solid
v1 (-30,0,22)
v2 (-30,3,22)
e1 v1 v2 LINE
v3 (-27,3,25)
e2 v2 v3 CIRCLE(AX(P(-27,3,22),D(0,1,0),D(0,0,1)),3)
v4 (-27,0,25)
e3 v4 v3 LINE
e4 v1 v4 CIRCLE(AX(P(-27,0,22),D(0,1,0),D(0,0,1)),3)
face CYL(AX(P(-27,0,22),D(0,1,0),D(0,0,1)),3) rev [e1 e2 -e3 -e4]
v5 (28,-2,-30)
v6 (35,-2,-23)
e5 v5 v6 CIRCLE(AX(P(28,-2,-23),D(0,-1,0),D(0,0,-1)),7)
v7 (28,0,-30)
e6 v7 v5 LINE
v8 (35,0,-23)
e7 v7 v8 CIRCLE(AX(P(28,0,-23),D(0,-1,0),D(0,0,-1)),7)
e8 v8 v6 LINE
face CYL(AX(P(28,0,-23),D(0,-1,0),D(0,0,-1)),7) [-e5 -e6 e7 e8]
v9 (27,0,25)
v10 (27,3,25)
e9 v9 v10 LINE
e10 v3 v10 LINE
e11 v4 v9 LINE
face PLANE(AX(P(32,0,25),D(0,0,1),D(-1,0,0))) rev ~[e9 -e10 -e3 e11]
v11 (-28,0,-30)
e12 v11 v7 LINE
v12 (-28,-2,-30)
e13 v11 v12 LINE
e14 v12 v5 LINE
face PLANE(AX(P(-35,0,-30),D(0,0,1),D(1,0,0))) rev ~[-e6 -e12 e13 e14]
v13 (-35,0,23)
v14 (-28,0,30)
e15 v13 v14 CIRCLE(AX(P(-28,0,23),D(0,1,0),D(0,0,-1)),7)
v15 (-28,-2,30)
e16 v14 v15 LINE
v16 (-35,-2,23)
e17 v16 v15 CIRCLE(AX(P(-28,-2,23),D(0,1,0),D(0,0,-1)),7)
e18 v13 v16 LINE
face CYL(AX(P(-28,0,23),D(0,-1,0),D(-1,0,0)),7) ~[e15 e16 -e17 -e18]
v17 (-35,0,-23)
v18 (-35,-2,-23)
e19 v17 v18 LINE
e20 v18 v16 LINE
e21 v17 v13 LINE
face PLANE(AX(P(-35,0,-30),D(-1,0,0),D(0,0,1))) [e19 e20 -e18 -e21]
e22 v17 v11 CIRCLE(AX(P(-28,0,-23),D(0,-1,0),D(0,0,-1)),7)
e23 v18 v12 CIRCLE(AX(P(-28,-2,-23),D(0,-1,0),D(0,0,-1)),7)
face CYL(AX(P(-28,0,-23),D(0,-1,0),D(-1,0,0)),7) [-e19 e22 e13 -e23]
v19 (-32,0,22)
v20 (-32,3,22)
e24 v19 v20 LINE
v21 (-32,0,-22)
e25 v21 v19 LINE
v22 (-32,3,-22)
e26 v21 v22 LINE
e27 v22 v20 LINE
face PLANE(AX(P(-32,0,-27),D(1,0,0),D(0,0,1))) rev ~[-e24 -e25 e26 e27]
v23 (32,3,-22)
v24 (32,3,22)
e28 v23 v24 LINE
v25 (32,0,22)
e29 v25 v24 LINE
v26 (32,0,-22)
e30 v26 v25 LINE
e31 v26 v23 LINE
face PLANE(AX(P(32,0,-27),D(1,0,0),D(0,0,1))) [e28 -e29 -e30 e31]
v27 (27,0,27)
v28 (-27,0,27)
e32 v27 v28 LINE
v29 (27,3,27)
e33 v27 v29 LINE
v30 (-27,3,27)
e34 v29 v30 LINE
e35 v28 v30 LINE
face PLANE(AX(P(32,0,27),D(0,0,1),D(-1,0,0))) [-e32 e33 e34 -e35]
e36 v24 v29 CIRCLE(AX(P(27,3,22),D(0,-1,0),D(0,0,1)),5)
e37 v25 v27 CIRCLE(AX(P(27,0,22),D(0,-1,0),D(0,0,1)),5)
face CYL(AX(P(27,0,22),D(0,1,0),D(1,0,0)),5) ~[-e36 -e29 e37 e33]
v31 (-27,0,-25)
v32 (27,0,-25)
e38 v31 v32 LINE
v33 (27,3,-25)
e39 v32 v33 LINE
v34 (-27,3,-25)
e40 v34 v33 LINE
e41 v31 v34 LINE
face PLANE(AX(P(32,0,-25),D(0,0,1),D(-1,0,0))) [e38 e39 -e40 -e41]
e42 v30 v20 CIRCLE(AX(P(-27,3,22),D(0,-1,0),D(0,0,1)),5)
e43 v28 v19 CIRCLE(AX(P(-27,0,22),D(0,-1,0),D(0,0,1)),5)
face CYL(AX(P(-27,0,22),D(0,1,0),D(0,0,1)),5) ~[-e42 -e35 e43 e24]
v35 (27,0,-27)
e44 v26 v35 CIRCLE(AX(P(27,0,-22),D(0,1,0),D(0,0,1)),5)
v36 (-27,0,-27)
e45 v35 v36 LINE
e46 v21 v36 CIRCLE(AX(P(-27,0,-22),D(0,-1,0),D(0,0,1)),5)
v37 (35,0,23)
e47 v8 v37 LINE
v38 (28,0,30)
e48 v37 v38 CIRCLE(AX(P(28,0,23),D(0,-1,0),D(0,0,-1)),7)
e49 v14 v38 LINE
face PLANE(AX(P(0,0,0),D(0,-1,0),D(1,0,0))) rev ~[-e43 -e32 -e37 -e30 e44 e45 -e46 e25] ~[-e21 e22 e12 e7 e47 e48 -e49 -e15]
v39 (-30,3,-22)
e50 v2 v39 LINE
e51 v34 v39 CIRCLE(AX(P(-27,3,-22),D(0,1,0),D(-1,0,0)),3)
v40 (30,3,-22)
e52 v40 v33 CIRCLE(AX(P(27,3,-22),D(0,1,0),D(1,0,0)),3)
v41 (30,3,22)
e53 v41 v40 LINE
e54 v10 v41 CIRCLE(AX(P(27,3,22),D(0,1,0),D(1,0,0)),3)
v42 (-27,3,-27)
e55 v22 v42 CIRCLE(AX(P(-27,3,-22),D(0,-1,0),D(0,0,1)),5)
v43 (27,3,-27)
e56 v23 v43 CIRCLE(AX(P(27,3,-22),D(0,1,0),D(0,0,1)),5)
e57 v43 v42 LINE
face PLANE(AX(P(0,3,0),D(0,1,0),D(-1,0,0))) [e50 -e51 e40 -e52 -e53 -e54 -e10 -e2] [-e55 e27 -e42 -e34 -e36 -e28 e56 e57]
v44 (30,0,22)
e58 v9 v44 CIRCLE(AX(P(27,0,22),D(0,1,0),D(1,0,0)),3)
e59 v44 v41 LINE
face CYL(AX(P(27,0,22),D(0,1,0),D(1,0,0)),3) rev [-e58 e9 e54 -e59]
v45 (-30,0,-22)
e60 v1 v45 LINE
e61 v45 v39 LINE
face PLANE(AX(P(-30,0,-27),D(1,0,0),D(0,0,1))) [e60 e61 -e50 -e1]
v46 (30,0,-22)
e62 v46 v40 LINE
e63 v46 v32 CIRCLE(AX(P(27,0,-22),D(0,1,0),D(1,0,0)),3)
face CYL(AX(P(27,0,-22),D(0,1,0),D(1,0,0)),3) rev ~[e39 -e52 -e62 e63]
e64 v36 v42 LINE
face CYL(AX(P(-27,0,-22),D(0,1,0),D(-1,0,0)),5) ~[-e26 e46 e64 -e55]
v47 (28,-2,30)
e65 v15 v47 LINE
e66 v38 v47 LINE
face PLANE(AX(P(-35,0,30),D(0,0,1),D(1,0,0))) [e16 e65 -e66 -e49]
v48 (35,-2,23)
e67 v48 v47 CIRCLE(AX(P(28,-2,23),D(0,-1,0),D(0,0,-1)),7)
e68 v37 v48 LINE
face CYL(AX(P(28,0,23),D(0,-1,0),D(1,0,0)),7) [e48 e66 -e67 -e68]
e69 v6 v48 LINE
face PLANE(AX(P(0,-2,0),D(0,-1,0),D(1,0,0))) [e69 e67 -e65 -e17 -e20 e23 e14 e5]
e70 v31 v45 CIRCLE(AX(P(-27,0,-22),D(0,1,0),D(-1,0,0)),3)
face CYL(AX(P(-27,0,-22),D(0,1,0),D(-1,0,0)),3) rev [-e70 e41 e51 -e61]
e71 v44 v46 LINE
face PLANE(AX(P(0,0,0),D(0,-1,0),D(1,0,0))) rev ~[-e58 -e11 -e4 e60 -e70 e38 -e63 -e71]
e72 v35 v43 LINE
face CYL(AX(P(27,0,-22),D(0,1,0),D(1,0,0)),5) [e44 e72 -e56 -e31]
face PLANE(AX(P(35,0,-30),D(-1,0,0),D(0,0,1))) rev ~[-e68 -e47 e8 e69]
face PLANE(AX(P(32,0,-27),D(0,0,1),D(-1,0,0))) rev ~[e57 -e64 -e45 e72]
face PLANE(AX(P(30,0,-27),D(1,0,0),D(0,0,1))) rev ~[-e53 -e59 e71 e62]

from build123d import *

# Parameters (mm, degrees)
F0_W     = 70
F0_H     = 60
F1_DEPTH = 2
F2_R     = 7
F3_W     = 64
F3_H     = 54
F4_DEPTH = 3
F5_R     = 5
F6_T     = -2


with BuildPart() as f1:
    # F0 (on Front) → F1 (new body)
    with BuildSketch(Plane.XZ):
        Rectangle(F0_W, F0_H)
    extrude(amount=F1_DEPTH)

    # F2
    f2_edges = [f1.edges().sort_by_distance(p)[0] for p in [
        (-35, -1, 30),
        (35, -1, 30),
        (35, -1, -30),
        (-35, -1, -30),
    ]]
    fillet(f2_edges, radius=F2_R)

    # F3 (on face) → F4 (join)
    with BuildSketch(Plane(origin=(0, 0, 0), x_dir=(-1, 0, 0), z_dir=(0, 1, 0))):
        Rectangle(F3_W, F3_H)
    extrude(amount=F4_DEPTH)

    # F5
    f5_edges = [f1.edges().sort_by_distance(p)[0] for p in [
        (32, 1.5, 27),
        (-32, 1.5, 27),
        (32, 1.5, -27),
        (-32, 1.5, -27),
    ]]
    fillet(f5_edges, radius=F5_R)

    # F6
    f6_openings = [f1.faces().sort_by_distance(p)[0] for p in [
        (0, 3, 0),
    ]]
    offset(amount=F6_T, openings=f6_openings, kind=Kind.INTERSECTION)


solid = f1.part
